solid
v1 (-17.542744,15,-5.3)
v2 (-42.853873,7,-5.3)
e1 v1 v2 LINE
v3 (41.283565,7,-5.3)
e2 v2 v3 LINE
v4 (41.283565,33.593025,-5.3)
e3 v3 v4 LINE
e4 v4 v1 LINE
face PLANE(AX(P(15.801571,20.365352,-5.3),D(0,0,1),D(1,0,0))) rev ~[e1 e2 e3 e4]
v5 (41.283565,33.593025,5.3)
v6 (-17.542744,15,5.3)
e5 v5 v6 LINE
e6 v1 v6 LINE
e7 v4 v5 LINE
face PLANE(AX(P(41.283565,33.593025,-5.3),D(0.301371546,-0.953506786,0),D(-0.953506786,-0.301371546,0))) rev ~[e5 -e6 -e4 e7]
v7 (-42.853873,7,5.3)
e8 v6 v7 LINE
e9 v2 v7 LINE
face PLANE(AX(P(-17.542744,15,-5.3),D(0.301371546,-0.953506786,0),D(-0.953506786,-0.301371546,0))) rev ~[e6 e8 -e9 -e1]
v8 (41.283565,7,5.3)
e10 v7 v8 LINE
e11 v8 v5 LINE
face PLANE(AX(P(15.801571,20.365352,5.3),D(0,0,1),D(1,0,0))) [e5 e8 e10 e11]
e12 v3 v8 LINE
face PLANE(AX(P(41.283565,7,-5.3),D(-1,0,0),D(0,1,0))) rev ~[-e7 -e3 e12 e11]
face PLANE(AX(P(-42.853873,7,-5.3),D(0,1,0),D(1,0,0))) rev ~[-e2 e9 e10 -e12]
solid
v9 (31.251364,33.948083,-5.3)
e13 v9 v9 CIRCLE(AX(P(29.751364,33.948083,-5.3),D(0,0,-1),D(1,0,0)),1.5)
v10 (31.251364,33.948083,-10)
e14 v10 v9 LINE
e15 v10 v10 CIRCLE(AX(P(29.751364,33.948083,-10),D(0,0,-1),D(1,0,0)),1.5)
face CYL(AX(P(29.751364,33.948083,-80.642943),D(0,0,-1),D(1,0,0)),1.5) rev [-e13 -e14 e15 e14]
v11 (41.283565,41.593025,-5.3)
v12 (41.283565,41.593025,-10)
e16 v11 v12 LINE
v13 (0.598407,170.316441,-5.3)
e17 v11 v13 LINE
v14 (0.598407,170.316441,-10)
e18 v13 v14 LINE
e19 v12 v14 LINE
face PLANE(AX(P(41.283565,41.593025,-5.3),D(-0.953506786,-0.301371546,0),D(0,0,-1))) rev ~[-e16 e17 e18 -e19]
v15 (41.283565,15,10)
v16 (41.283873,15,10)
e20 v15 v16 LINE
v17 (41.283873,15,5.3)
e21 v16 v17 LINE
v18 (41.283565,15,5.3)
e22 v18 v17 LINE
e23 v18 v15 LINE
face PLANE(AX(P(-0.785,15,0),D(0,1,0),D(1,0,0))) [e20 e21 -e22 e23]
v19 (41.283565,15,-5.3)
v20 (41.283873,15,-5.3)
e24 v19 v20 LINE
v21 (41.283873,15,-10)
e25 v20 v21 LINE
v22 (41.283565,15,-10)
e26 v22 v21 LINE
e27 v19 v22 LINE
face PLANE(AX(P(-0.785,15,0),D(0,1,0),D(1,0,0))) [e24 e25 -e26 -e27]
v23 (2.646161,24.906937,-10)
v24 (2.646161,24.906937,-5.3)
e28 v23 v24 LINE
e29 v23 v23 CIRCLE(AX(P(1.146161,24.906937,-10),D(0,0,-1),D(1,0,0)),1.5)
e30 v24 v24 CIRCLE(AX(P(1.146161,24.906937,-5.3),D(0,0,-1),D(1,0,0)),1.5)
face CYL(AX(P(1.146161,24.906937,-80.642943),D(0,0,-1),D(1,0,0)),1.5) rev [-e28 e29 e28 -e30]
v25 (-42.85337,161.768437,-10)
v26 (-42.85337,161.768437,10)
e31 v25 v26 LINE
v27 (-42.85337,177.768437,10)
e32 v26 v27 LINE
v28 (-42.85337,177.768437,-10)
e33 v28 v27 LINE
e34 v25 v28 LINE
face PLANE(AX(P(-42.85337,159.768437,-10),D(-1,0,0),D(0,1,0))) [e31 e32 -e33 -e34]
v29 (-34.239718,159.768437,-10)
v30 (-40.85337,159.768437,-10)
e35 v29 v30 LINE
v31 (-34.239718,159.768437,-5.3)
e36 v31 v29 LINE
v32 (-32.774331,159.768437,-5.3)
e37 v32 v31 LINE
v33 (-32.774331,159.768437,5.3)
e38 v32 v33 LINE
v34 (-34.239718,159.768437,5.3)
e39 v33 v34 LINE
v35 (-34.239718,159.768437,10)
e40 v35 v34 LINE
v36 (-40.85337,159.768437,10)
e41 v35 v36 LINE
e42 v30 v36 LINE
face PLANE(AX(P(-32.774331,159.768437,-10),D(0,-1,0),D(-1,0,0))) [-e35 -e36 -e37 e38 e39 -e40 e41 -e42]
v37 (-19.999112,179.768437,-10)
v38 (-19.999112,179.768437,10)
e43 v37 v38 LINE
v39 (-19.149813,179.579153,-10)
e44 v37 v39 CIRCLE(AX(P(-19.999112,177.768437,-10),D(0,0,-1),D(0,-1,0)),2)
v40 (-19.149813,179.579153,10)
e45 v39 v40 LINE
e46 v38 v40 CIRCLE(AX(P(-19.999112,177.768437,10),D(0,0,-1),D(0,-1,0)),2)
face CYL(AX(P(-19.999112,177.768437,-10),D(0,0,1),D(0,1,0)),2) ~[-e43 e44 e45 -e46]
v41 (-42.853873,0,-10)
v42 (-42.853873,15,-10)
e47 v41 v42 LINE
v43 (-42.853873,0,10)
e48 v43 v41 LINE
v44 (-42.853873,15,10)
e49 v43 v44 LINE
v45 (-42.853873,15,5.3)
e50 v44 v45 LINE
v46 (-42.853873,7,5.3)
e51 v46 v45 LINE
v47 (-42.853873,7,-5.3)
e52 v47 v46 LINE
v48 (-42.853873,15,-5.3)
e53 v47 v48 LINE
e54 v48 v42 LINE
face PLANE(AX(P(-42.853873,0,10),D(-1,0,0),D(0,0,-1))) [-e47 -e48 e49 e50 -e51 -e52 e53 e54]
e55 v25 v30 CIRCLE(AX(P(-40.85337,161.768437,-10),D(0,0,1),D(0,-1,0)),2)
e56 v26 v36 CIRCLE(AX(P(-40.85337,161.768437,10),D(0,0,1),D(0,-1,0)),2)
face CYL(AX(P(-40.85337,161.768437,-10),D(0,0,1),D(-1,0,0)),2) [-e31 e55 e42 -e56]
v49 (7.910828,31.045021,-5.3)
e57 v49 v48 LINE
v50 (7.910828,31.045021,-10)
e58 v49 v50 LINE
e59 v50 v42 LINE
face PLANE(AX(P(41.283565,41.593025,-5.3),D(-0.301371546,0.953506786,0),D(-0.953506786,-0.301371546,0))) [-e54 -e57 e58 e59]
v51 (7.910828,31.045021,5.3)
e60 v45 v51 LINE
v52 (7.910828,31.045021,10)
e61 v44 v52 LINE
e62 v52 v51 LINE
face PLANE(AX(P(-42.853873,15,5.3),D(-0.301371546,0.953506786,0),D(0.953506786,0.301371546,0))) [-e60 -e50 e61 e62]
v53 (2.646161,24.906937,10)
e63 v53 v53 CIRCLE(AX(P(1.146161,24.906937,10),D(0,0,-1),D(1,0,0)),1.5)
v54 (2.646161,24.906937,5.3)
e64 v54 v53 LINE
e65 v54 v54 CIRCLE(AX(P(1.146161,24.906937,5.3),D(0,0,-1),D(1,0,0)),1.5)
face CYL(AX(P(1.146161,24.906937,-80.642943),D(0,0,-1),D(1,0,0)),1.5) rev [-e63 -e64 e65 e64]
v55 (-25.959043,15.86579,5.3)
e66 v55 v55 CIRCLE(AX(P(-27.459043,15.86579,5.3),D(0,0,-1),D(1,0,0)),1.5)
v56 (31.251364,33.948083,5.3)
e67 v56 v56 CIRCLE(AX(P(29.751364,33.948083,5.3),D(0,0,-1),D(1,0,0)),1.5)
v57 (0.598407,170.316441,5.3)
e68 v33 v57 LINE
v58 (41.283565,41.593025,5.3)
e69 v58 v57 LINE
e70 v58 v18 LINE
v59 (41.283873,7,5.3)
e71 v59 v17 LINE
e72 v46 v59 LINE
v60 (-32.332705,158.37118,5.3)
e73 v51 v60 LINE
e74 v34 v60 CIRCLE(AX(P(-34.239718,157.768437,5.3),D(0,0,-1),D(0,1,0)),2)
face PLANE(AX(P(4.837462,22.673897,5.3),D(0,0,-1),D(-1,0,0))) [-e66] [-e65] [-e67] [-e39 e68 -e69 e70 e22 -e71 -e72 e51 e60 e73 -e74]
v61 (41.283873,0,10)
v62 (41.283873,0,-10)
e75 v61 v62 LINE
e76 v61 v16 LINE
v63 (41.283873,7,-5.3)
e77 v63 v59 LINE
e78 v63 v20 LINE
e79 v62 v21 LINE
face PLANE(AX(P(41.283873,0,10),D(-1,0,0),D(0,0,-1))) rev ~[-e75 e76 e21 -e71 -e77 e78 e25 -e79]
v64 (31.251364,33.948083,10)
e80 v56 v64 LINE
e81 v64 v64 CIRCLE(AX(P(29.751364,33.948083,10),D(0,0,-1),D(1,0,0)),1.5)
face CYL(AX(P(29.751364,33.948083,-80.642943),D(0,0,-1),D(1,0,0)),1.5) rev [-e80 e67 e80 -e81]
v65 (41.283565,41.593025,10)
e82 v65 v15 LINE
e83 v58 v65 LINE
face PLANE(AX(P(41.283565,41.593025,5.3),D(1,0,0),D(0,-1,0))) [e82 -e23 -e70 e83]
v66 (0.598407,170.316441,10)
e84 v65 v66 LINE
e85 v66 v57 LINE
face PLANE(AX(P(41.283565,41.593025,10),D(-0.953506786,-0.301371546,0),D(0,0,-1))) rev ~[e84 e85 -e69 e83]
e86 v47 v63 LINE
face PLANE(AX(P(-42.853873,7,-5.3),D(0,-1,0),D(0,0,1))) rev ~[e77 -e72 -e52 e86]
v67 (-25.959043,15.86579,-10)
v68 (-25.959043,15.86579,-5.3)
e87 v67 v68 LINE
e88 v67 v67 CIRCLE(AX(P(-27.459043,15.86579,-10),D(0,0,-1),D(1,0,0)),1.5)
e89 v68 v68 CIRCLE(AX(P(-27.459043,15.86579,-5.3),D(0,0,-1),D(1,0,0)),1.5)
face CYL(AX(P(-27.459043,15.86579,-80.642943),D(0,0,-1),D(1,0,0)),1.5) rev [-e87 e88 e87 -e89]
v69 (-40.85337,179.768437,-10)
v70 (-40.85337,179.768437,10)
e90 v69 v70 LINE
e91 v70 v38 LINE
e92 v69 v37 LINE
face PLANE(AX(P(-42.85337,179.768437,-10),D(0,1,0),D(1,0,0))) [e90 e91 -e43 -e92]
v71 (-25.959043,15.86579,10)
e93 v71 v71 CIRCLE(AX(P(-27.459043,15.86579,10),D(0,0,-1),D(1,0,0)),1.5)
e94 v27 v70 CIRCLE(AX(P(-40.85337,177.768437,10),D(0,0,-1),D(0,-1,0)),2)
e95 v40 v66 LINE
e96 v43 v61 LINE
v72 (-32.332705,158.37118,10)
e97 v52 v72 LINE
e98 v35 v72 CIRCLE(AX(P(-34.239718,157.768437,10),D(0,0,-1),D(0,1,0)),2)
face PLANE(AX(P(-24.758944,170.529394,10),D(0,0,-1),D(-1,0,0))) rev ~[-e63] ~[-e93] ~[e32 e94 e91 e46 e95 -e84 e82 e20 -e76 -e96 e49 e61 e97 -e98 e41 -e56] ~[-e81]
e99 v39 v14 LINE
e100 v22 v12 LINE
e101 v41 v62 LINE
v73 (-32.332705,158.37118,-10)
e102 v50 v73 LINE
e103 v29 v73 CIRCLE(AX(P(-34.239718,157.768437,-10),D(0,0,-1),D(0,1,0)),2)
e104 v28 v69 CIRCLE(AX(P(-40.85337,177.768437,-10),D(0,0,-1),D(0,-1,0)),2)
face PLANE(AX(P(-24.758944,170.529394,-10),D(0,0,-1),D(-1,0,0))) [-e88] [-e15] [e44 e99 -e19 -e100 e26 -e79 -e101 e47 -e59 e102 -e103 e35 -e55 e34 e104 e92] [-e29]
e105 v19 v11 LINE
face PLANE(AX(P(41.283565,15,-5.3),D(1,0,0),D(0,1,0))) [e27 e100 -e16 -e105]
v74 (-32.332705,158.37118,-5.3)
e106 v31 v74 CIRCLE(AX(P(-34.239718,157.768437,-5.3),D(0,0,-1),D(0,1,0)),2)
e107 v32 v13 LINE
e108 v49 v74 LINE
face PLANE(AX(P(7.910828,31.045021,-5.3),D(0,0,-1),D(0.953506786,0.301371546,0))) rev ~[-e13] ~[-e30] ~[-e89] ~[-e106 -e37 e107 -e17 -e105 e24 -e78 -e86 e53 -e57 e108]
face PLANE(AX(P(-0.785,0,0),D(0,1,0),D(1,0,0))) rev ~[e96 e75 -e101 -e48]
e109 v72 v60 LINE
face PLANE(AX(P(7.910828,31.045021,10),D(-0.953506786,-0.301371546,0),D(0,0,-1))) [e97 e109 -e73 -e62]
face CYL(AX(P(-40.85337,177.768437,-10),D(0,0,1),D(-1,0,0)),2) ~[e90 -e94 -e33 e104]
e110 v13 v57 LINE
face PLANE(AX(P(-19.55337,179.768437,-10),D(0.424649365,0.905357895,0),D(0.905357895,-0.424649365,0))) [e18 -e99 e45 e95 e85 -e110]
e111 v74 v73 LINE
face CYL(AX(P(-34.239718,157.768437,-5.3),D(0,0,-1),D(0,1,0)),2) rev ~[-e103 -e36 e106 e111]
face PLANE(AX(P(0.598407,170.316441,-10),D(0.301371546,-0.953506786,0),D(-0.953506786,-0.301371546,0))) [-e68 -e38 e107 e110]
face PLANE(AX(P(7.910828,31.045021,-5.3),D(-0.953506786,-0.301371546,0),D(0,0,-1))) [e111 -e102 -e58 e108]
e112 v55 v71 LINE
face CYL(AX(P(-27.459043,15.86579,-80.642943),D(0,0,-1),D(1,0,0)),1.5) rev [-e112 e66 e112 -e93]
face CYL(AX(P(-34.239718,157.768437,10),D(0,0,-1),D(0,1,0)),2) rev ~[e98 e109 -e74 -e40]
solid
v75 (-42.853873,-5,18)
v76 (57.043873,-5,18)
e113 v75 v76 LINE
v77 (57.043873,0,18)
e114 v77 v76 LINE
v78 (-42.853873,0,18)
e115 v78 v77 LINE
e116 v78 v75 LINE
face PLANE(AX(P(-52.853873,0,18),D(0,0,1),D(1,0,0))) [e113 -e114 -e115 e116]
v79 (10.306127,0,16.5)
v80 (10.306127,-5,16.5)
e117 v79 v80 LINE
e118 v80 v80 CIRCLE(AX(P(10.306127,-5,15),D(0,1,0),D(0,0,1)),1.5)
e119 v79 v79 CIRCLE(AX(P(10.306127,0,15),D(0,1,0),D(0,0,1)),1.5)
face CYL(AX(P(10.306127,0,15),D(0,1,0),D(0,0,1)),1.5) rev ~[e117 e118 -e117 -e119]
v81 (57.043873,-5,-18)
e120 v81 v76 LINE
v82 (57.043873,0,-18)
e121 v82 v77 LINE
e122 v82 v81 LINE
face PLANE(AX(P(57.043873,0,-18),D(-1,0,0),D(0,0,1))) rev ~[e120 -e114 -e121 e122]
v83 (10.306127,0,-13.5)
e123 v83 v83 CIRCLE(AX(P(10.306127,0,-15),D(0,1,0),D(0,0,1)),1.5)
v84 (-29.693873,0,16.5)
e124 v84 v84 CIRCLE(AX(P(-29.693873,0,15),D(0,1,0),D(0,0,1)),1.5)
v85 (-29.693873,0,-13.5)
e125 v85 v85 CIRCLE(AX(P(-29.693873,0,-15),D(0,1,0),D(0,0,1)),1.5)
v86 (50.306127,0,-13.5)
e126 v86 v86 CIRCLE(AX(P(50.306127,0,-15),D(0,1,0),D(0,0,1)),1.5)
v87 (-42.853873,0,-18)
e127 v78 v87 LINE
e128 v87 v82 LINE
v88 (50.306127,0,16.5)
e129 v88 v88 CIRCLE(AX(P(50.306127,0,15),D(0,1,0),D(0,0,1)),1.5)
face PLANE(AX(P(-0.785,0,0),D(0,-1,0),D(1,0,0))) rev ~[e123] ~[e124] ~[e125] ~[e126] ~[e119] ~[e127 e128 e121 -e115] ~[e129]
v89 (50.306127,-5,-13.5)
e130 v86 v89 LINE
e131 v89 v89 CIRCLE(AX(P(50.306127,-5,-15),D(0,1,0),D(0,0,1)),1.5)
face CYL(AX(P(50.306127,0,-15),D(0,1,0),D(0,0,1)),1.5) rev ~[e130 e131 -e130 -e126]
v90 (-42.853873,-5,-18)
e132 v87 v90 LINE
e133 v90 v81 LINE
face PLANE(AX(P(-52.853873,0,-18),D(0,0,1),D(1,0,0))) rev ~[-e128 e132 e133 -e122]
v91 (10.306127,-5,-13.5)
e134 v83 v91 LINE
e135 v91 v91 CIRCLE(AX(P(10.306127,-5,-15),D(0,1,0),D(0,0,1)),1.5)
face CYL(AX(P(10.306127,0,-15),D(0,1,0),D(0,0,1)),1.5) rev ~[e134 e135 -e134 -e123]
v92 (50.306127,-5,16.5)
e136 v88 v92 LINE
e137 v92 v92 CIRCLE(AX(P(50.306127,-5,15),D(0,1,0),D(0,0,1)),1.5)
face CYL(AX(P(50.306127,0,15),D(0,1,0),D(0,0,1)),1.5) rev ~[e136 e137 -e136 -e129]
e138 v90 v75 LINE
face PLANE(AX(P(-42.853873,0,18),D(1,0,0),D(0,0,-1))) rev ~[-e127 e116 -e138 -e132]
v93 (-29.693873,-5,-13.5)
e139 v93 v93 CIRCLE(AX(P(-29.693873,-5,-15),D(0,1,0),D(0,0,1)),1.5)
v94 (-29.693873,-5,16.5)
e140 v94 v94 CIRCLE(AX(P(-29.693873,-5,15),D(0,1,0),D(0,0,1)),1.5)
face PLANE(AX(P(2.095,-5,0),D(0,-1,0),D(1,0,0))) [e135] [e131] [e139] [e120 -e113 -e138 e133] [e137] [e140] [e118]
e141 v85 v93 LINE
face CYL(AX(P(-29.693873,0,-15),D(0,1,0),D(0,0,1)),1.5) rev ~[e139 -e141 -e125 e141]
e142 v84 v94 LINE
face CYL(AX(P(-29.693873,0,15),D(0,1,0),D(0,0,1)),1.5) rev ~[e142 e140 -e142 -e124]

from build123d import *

# Parameters (mm, degrees)
SKETCH1_W               = 84.13774666
SKETCH1_H               = 20
BOSS_EXTRUDE1_DEPTH     = 15
SKETCH5_W               = 10.6
SKETCH5_H               = 8
CUT_EXTRUDE1_DEPTH      = 85.71
SKETCH8_W               = 109.89774666
SKETCH8_H               = 36
SKETCH8_W_2             = 84.13774666
SKETCH8_H_2             = 20
BOSS_EXTRUDE4_DEPTH     = 5
SKETCH9_R               = 1.5
SKETCH9_W               = 10
SKETCH9_H               = 18
CUT_EXTRUDE3_DEPTH      = 62.668496692
BOSS_EXTRUDE7_DEPTH     = 10.6
BOSS_EXTRUDE8_DEPTH     = 4.7
BOSS_EXTRUDE9_DEPTH     = 4.7
CUT_EXTRUDE4_DEPTH      = 75.342943395
CUT_EXTRUDE4_DEPTH_BACK = 75.342943395
SKETCH15_R              = 1.5
SKETCH28_W              = 35
SKETCH28_H              = 4.7
BOSS_EXTRUDE11_DEPTH    = 135
BOSS_EXTRUDE15_DEPTH    = 20
FILLET2_R               = 2


with BuildPart() as part:
    # Sketch1 → Boss-Extrude1 (new body)
    with BuildSketch(Plane(origin=(0, 0, 0), x_dir=(1, 0, 0), z_dir=(0, 1, 0))):
        with Locations((-0.785000002, 0)):
            Rectangle(SKETCH1_W, SKETCH1_H)
    extrude(amount=BOSS_EXTRUDE1_DEPTH)

    # Sketch5 → Cut-Extrude1 (cut)
    with BuildSketch(Plane.ZY.offset(42.853873332)):
        with Locations((0, 11)):
            Rectangle(SKETCH5_W, SKETCH5_H)
    extrude(amount=-CUT_EXTRUDE1_DEPTH, mode=Mode.SUBTRACT)

    # Sketch13 → Boss-Extrude8 (add)
    with BuildSketch(Plane.XY.offset(-5.3)):
        Polygon((41.283565473, 41.593025237), (-42.853873332, 15), (-17.542743649, 15), (41.283565473, 33.593025237), align=None)
        Polygon((41.283565473, 33.593025237), (-17.542743649, 15), (41.283565473, 15), align=None)
    extrude(amount=-BOSS_EXTRUDE8_DEPTH)

    # Sketch14 → Boss-Extrude9 (add)
    with BuildSketch(Plane(origin=(0, 0, 5.3), x_dir=(-1, 0, 0), z_dir=(0, 0, -1))):
        Polygon((42.853873332, 15), (-41.283565473, 41.593025237), (-41.283565473, 15), align=None)
    extrude(amount=-BOSS_EXTRUDE9_DEPTH)

    # Sketch15 → Cut-Extrude4 (cut, two sides: drawn at the far end of the back side and taken through both)
    with BuildSketch(Plane.XY.offset(-5.3).offset(-CUT_EXTRUDE4_DEPTH_BACK)):
        with Locations((-27.45904269, 15.865790136)):
            Circle(SKETCH15_R)
        with Locations((1.146160893, 24.906936522)):
            Circle(SKETCH15_R)
        with Locations((29.751364476, 33.948082908)):
            Circle(SKETCH15_R)
    extrude(amount=CUT_EXTRUDE4_DEPTH + CUT_EXTRUDE4_DEPTH_BACK, mode=Mode.SUBTRACT)

    # Sketch28 → Boss-Extrude11 (add)
    with BuildSketch(Plane(origin=(-8.202592071, 25.952108956, 0), x_dir=(0.9535067860990042, 0.3013715462069171, 0), z_dir=(-0.3013715462069171, 0.9535067860990042, 0))):
        with Locations((34.39911416, 7.65)):
            Rectangle(SKETCH28_W, SKETCH28_H)
        with Locations((34.39911416, -7.65)):
            Rectangle(SKETCH28_W, SKETCH28_H)
    extrude(amount=BOSS_EXTRUDE11_DEPTH)

    # Sketch31 → Boss-Extrude15 (add)
    with BuildSketch(Plane(origin=(0, 0, -10), x_dir=(-1, 0, 0), z_dir=(0, 0, -1))):
        Polygon((42.853369775, 159.768437243), (42.853369775, 179.768437243), (19.553369775, 179.768437243), (-0.598406735, 170.316441361), (32.774330778, 159.768437243), align=None)
    extrude(amount=-BOSS_EXTRUDE15_DEPTH)

    # Fillet2
    fillet2_edges = [part.edges().sort_by_distance(p)[0] for p in [
        (-32.774330778, 159.768437243, 7.65),
        (-19.553369775, 179.768437243, 0),
        (-42.853369775, 179.768437243, 0),
        (-42.853369775, 159.768437243, 0),
        (-32.774330778, 159.768437243, -7.65),
    ]]
    fillet(fillet2_edges, radius=FILLET2_R)


with BuildPart() as body_2:
    # Sketch8 → Boss-Extrude4 (new body)
    # profile 1 of 2: a face of its own
    with BuildSketch(Plane.XZ):
        with Locations((2.094999998, 0)):
            Rectangle(SKETCH8_W, SKETCH8_H)
        with Locations((-0.785000002, 0)):
            Rectangle(SKETCH8_W_2, SKETCH8_H_2, mode=Mode.SUBTRACT)
    # profile 2 of 2: a face of its own
    with BuildSketch(Plane.XZ):
        with Locations((-0.785000002, 0)):
            Rectangle(SKETCH8_W_2, SKETCH8_H_2)
    extrude(amount=BOSS_EXTRUDE4_DEPTH)

    # Sketch9 → Cut-Extrude3 (cut, through all)
    with BuildSketch(Plane(origin=(0, 0, 0), x_dir=(1, 0, 0), z_dir=(0, 1, 0))):
        with Locations(Location((-29.693873332, 15, 0), (0, 0, 270))):
            Circle(SKETCH9_R)
        with Locations(Location((10.306126668, 15, 0), (0, 0, 270))):
            Circle(SKETCH9_R)
        with Locations(Location((-29.693873332, -15, 0), (0, 0, 270))):
            Circle(SKETCH9_R)
        with Locations(Location((50.306126668, -15, 0), (0, 0, 270))):
            Circle(SKETCH9_R)
        with Locations(Location((50.306126668, 15, 0), (0, 0, 270))):
            Circle(SKETCH9_R)
        with Locations((-47.853873332, 9)):
            Rectangle(SKETCH9_W, SKETCH9_H)
        with Locations((-47.853873332, -9)):
            Rectangle(SKETCH9_W, SKETCH9_H)
        with Locations(Location((10.306126668, -15, 0), (0, 0, 270))):
            Circle(SKETCH9_R)
    extrude(amount=-CUT_EXTRUDE3_DEPTH, mode=Mode.SUBTRACT)


with BuildPart() as body_3:
    # Sketch11 → Boss-Extrude7 (new body)
    with BuildSketch(Plane.XY.offset(-5.3)):
        Polygon((41.283565473, 33.593025237), (-17.542743649, 15), (41.283565473, 15), align=None)
        Polygon((-17.542743649, 15), (-42.853873332, 7), (41.283565473, 7), (41.283565473, 15), align=None)
    extrude(amount=BOSS_EXTRUDE7_DEPTH)


solid = Compound([part.part, body_2.part, body_3.part])
